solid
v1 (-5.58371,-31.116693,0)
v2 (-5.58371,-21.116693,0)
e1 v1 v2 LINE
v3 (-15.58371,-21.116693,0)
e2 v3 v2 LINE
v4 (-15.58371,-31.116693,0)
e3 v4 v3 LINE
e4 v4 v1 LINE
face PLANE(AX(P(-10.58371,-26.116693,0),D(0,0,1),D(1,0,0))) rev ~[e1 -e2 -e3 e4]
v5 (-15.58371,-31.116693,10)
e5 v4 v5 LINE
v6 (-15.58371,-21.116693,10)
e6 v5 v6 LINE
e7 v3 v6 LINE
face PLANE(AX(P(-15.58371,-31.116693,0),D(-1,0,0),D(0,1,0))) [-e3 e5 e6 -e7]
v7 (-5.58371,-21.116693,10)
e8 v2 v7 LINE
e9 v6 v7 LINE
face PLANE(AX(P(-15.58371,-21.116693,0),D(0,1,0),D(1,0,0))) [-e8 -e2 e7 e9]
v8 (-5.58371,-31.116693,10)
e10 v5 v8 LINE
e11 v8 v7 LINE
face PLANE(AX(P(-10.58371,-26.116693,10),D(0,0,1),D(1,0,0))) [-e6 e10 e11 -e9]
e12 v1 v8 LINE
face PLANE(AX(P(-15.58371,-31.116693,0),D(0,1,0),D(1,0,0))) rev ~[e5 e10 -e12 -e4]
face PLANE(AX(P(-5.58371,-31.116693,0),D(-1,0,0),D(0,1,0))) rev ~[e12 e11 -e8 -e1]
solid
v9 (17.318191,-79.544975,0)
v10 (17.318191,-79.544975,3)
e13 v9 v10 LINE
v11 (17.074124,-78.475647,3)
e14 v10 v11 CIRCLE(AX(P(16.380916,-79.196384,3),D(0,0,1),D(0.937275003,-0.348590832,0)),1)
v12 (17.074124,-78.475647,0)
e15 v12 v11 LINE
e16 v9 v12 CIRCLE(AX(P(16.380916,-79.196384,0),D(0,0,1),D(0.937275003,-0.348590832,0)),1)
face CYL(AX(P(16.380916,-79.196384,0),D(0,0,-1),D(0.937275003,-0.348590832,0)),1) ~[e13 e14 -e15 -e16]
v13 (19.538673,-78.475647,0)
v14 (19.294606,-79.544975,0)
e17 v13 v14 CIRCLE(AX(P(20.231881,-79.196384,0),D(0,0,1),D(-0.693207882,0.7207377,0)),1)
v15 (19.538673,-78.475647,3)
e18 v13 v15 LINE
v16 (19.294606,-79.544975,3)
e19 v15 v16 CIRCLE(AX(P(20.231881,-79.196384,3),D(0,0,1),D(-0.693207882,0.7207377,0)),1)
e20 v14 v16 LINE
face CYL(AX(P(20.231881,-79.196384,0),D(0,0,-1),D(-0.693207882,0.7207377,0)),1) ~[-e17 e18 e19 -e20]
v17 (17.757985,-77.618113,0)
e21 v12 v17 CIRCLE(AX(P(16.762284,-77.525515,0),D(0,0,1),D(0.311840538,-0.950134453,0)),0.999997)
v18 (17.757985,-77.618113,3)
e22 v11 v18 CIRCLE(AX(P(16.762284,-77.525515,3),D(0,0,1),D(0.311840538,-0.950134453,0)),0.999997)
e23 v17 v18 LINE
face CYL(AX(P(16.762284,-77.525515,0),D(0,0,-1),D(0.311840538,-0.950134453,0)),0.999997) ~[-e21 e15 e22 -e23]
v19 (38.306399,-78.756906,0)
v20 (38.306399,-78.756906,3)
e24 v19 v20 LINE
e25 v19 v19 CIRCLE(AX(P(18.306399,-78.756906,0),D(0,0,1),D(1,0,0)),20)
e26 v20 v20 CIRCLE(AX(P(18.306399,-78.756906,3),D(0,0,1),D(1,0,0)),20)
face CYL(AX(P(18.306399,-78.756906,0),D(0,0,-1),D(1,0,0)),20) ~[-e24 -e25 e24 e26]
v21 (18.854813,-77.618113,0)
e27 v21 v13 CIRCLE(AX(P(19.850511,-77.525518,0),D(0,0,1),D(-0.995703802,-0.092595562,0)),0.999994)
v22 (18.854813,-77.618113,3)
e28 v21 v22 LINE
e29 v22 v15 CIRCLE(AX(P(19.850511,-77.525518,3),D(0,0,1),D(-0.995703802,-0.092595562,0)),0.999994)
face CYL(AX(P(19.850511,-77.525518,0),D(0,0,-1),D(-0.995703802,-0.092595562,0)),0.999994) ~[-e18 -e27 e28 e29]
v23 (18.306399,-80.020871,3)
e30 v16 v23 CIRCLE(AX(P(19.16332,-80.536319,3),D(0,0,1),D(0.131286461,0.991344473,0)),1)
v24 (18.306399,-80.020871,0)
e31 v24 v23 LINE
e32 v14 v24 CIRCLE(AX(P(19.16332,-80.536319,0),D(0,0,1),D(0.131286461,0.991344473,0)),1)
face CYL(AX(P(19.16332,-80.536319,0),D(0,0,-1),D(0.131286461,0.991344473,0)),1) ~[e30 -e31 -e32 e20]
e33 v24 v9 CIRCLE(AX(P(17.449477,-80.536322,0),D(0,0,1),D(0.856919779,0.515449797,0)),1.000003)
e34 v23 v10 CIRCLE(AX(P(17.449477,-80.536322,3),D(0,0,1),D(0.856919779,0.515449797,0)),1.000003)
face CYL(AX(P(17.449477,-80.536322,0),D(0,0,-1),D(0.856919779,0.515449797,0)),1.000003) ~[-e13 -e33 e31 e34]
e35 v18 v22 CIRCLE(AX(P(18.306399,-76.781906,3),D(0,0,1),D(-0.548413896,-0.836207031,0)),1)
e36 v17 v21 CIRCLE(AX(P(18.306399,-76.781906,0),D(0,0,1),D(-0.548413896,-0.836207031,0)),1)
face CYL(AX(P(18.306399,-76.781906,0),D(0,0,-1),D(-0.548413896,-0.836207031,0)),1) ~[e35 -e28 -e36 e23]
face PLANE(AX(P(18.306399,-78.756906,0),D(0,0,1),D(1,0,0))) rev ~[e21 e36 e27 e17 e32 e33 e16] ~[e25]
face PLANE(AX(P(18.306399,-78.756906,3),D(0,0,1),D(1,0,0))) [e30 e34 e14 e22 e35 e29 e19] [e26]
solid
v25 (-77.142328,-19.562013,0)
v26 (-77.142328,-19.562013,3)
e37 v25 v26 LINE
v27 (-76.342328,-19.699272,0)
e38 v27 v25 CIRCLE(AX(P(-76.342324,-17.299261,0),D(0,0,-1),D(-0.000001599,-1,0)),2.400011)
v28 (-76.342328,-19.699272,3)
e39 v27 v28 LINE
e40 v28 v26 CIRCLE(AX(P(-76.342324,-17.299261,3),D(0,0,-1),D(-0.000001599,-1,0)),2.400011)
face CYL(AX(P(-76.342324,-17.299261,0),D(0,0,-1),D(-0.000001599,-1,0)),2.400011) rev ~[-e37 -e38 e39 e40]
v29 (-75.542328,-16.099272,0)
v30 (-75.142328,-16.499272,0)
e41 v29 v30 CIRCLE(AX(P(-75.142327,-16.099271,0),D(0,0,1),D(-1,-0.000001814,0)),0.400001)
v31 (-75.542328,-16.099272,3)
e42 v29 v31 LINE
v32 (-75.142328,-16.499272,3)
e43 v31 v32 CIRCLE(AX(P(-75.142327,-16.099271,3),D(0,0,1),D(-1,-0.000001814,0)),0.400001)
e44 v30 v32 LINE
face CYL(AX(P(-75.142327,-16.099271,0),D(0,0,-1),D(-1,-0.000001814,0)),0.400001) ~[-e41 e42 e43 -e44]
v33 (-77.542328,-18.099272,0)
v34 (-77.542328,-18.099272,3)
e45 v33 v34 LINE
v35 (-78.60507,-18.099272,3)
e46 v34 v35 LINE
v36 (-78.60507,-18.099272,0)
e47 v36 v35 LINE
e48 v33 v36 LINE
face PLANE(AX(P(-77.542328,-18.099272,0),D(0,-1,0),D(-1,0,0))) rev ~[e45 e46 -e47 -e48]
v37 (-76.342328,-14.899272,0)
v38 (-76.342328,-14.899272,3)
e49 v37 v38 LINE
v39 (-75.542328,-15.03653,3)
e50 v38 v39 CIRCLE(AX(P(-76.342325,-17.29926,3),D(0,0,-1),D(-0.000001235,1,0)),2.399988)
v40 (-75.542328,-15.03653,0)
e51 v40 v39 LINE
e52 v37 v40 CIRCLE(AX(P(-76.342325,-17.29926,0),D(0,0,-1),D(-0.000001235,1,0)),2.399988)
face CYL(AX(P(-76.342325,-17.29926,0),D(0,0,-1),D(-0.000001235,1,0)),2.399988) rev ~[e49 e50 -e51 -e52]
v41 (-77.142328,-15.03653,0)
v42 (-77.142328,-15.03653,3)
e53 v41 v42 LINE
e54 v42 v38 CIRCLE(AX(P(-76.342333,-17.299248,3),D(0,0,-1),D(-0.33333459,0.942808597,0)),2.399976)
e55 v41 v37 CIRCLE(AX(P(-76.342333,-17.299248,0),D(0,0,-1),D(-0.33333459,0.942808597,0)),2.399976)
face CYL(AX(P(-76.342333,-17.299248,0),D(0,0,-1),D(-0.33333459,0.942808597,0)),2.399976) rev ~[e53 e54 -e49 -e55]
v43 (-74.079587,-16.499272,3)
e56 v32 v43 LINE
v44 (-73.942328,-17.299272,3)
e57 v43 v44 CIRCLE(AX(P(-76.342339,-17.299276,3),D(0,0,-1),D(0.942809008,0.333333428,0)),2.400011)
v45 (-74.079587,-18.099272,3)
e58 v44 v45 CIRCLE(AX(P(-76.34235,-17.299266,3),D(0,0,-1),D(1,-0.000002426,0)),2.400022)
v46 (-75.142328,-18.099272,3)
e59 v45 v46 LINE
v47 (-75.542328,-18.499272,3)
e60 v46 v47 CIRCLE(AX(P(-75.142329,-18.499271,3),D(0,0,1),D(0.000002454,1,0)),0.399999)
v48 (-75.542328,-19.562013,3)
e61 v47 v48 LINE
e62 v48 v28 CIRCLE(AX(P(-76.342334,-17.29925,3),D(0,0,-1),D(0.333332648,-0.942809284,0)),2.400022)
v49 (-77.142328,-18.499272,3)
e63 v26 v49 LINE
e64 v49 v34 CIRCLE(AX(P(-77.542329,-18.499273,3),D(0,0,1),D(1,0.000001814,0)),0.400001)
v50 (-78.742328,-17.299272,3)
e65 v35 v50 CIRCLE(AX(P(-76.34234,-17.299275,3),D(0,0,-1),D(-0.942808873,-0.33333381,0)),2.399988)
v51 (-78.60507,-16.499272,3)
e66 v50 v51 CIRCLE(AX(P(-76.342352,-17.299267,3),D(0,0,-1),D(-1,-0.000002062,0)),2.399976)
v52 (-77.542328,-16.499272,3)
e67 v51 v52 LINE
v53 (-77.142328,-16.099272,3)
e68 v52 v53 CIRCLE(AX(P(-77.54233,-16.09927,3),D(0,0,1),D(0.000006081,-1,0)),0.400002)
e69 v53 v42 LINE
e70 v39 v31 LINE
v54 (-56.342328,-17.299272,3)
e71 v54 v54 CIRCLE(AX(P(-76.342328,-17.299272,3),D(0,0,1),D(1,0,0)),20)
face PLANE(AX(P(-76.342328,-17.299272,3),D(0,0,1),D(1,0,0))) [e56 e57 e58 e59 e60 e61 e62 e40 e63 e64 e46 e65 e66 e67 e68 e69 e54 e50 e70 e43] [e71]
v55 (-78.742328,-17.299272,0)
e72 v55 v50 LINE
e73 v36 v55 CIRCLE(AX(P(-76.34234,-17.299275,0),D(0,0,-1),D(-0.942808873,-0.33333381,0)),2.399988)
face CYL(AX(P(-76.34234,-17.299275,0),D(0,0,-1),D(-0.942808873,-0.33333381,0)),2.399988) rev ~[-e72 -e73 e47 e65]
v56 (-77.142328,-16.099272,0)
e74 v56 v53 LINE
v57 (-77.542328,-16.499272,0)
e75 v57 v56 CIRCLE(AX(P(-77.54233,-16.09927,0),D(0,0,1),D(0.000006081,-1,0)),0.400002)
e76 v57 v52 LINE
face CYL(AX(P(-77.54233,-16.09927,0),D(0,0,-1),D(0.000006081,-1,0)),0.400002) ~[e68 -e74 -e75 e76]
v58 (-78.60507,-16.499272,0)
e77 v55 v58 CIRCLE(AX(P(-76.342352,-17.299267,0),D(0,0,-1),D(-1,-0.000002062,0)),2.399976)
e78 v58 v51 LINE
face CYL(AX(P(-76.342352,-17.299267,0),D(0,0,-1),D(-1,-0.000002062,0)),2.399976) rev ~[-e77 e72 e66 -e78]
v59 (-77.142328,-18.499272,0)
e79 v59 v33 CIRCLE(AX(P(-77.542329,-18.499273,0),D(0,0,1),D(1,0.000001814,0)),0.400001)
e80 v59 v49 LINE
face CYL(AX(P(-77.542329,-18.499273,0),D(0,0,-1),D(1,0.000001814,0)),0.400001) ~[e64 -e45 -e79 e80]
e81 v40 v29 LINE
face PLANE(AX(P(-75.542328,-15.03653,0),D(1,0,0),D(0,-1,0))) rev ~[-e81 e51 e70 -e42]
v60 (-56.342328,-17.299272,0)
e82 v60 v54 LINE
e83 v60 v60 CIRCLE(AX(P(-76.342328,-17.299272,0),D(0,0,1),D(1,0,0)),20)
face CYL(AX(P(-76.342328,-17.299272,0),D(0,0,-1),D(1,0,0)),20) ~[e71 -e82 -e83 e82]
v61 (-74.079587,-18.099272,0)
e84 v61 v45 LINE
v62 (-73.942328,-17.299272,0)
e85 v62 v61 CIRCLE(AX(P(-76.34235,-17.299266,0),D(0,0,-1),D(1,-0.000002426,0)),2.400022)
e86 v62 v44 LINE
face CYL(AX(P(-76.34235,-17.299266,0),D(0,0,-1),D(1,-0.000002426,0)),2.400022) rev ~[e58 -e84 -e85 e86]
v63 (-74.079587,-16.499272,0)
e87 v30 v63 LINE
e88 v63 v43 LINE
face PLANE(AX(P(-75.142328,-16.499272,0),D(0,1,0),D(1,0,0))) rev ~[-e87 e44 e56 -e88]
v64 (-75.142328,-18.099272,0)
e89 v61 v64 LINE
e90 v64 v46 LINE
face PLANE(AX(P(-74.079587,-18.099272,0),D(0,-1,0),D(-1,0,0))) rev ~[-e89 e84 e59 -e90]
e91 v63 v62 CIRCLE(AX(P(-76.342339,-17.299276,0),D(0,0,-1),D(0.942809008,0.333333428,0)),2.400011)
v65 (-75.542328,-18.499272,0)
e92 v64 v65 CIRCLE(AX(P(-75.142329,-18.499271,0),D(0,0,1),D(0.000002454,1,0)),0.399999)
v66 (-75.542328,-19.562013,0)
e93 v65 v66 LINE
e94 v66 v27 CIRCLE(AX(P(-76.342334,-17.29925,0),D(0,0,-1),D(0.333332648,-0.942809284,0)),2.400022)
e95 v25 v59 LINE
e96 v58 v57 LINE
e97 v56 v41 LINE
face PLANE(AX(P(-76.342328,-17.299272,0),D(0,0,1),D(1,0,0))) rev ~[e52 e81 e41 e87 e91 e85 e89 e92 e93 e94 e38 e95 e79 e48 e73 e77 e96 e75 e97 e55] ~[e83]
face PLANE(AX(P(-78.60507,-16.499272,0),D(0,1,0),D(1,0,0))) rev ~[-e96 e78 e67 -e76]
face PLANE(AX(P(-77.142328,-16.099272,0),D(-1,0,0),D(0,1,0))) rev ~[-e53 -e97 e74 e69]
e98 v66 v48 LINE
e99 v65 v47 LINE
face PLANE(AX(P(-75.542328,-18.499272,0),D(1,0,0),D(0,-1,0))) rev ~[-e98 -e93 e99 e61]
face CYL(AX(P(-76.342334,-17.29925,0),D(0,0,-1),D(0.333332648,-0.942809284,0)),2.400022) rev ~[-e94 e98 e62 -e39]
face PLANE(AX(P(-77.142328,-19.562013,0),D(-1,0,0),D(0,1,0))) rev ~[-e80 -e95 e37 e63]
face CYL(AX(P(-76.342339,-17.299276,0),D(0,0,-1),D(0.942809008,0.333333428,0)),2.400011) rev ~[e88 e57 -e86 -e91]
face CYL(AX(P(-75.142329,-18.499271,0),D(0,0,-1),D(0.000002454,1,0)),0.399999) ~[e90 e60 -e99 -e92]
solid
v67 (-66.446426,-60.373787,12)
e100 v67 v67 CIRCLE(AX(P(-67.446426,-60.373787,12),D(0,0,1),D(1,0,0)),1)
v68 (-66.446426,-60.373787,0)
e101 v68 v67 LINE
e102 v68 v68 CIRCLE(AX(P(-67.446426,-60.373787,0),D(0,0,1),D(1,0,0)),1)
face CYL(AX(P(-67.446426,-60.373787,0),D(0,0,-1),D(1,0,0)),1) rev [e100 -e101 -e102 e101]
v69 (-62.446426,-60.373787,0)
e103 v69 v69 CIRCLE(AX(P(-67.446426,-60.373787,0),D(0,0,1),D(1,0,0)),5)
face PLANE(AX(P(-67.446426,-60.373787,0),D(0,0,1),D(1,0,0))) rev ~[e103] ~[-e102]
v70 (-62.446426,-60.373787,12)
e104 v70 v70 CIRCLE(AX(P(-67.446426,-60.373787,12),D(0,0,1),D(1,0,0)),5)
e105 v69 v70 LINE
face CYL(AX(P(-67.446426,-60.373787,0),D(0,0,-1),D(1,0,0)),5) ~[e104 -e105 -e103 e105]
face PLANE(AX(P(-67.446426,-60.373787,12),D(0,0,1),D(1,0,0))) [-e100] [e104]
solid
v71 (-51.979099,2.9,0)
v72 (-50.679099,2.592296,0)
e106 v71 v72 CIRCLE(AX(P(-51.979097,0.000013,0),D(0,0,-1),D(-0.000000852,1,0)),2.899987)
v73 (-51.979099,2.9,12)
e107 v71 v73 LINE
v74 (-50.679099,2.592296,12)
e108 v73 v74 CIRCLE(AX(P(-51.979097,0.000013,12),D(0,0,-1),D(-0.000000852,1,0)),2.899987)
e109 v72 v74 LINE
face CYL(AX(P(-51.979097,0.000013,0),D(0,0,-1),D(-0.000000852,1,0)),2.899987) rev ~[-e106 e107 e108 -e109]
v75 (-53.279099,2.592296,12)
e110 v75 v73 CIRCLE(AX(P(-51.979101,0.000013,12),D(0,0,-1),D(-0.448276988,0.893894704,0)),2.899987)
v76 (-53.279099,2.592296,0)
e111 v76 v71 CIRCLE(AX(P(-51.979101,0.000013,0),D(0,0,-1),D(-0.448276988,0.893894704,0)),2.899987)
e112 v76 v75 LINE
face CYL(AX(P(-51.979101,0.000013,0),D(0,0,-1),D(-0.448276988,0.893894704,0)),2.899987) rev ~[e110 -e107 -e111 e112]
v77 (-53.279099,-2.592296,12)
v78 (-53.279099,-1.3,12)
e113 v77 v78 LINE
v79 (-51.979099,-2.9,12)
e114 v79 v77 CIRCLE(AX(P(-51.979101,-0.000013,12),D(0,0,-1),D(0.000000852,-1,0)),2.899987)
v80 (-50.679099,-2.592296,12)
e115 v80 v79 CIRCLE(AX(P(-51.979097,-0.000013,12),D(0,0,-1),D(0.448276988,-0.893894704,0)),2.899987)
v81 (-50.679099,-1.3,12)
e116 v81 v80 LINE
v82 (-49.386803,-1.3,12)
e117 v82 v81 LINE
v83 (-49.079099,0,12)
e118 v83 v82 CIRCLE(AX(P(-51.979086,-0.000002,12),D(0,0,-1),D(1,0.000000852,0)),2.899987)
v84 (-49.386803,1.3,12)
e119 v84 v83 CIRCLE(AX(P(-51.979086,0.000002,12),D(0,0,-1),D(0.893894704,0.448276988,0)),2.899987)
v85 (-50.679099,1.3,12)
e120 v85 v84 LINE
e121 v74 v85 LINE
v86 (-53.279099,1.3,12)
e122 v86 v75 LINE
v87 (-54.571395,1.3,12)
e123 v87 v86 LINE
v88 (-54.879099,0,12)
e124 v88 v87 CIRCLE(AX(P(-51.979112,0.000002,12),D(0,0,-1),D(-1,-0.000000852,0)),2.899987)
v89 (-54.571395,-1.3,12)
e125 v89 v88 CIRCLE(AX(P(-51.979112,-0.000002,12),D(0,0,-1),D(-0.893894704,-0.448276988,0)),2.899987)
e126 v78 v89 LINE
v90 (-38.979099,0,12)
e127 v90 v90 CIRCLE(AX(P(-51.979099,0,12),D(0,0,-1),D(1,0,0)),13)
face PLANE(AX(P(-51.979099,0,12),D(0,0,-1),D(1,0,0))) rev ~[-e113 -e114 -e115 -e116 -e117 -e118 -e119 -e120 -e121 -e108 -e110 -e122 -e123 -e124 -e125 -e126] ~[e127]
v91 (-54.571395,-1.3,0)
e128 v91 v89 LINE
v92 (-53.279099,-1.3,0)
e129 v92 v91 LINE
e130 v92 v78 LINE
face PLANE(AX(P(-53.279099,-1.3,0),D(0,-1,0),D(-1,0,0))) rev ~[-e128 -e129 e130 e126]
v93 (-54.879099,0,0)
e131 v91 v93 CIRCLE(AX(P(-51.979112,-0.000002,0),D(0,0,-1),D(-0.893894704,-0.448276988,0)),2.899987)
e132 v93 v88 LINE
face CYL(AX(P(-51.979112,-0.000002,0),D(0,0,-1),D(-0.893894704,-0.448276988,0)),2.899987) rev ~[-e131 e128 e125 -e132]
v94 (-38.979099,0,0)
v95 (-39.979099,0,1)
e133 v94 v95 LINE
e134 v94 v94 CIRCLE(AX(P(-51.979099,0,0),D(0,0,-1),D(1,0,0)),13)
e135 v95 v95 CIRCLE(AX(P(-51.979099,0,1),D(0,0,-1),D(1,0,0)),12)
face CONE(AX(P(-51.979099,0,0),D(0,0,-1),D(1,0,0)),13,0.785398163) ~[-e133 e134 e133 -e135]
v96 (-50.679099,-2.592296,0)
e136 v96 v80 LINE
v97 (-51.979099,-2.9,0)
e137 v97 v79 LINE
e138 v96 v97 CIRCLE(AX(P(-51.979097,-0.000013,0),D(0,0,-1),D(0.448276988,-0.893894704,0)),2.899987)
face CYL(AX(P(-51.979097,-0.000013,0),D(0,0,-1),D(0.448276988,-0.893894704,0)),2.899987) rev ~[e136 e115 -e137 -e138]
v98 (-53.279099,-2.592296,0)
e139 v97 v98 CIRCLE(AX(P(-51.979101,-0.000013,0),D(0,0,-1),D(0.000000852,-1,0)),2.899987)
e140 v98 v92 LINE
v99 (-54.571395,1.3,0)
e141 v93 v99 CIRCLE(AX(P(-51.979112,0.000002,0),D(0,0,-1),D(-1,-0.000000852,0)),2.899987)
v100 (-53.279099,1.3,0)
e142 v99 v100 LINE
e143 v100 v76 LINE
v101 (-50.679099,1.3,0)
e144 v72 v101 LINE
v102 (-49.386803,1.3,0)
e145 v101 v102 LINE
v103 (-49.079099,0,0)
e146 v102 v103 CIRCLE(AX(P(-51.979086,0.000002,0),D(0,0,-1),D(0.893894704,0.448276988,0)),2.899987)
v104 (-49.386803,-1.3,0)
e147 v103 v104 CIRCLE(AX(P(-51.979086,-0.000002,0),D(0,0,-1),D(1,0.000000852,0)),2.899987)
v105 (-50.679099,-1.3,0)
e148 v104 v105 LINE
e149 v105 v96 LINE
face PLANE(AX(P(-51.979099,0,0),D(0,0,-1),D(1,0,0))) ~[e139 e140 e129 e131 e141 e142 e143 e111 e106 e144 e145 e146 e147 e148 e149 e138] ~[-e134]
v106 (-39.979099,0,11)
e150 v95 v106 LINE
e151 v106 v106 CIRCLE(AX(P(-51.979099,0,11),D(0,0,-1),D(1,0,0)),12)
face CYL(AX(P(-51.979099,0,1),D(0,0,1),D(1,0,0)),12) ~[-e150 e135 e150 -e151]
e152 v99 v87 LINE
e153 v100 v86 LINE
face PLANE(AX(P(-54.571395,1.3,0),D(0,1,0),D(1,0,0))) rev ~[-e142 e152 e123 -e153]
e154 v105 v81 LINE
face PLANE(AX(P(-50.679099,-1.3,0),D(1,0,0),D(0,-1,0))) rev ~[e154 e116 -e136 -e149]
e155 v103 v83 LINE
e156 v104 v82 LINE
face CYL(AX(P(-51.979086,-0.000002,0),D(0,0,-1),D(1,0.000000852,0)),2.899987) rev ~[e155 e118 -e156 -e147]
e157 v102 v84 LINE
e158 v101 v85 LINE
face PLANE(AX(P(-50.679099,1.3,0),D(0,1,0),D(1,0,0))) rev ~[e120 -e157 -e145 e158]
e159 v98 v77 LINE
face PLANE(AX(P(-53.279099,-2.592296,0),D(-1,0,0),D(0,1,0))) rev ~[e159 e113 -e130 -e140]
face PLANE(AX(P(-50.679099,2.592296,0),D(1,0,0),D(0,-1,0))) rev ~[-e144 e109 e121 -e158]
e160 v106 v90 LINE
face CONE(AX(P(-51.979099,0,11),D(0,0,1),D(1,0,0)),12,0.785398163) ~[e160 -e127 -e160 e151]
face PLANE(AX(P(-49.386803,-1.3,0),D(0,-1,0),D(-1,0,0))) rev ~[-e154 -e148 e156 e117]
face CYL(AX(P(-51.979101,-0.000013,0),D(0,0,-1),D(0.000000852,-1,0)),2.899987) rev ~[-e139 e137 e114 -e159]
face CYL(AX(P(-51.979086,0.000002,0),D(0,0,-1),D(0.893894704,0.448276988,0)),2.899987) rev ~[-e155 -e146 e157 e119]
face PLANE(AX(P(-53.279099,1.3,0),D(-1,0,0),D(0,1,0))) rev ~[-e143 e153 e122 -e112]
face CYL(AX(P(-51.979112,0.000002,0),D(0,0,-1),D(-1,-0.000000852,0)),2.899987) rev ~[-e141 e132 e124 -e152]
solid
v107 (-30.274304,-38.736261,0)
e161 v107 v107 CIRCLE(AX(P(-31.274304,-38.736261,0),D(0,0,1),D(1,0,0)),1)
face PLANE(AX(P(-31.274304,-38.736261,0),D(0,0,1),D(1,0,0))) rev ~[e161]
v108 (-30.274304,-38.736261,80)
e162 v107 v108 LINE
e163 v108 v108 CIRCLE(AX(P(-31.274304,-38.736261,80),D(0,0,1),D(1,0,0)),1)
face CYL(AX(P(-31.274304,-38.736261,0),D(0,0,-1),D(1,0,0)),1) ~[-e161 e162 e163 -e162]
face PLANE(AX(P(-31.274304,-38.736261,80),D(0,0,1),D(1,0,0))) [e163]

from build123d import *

# Parameters (mm, degrees)
F0_R      = 20
F1_DEPTH  = 3
F2_R      = 1
F3_DEPTH  = 80
F4_W      = 186.607055
F4_H      = 291.874319
F5_DEPTH  = 308
F6_T      = -2.5
F7_R      = 5
F7_R_2    = 1
F8_DEPTH  = 12
F13_DEPTH = 80.001
F14_R     = 20
F15_DEPTH = 3
F16_W     = 10
F16_H     = 10
F17_DEPTH = 10


with BuildPart() as f1:
    # F0 (on Top) → F1 (new body)
    with BuildSketch(Plane.XY):
        with Locations((18.306399, -78.756906)):
            Circle(F0_R)
        with BuildLine():
            ThreePointArc((17.074124, -78.475647), (17.544113, -78.149004), (17.757985, -77.618113))
            ThreePointArc((17.757985, -77.618113), (18.306399, -77.781906), (18.854813, -77.618113))
            ThreePointArc((18.854813, -77.618113), (19.068684, -78.149004), (19.538673, -78.475647))
            ThreePointArc((19.538673, -78.475647), (19.256953, -78.973864), (19.294606, -79.544975))
            ThreePointArc((19.294606, -79.544975), (18.729435, -79.635351), (18.306399, -80.020871))
            ThreePointArc((18.306399, -80.020871), (17.883362, -79.635351), (17.318191, -79.544975))
            ThreePointArc((17.318191, -79.544975), (17.355844, -78.973864), (17.074124, -78.475647))
        make_face(mode=Mode.SUBTRACT)
    extrude(amount=F1_DEPTH)


with BuildPart() as f3:
    # F2 (on Top) → F3 (new body)
    with BuildSketch(Plane.XY):
        with Locations((-31.274304, -38.736261)):
            Circle(F2_R)
    extrude(amount=F3_DEPTH)


with BuildPart() as f5:
    # F4 (on Top) → F5 (new body)
    with BuildSketch(Plane.XY):
        with Locations((207.804951, 1.009569)):
            Rectangle(F4_W, F4_H)
    extrude(amount=F5_DEPTH)

    # F6
    f6_openings = [f5.faces().sort_by_distance(p)[0] for p in [
        (207.804952, 1.009569, 308),
        (207.804952, 1.009569, 0),
    ]]
    offset(amount=F6_T, openings=f6_openings)


with BuildPart() as f8:
    # F7 (on Top) → F8 (new body)
    with BuildSketch(Plane.XY):
        with Locations((-67.446426, -60.373787)):
            Circle(F7_R)
        with Locations((-67.446426, -60.373787)):
            Circle(F7_R_2, mode=Mode.SUBTRACT)
    extrude(amount=F8_DEPTH)


with BuildPart() as f11:
    # F10 (on Front) → F11 (revolve)
    with BuildSketch(Plane.XZ):
        Polygon((-38.979099, 0), (-39.979099, 1), (-39.979099, 11), (-38.979099, 12), (-50.979099, 12), (-50.979099, 0), align=None)
    revolve(axis=Axis((-51.979099, 0, 6), (0, 0, -1)))

    # F12 (on face) → F13 (cut, through all)
    with BuildSketch(Plane(origin=(0, 0, 0), x_dir=(1, 0, 0), z_dir=(0, 0, -1))):
        with BuildLine():
            Line((-50.679099, 1.3), (-50.679099, 2.592296))
            ThreePointArc((-50.679099, 2.592296), (-51.311139, 2.822026), (-51.979099, 2.9))
            ThreePointArc((-51.979099, 2.9), (-52.647059, 2.822026), (-53.279099, 2.592296))
            Line((-53.279099, 2.592296), (-53.279099, 1.3))
            Line((-53.279099, 1.3), (-54.571395, 1.3))
            ThreePointArc((-54.571395, 1.3), (-54.801125, 0.66796), (-54.879099, 0))
            ThreePointArc((-54.879099, 0), (-54.801125, -0.66796), (-54.571395, -1.3))
            Line((-54.571395, -1.3), (-53.279099, -1.3))
            Line((-53.279099, -1.3), (-53.279099, -2.592296))
            ThreePointArc((-53.279099, -2.592296), (-52.647059, -2.822026), (-51.979099, -2.9))
            ThreePointArc((-51.979099, -2.9), (-51.311139, -2.822026), (-50.679099, -2.592296))
            Line((-50.679099, -2.592296), (-50.679099, -1.3))
            Line((-50.679099, -1.3), (-49.386803, -1.3))
            ThreePointArc((-49.386803, -1.3), (-49.157073, -0.66796), (-49.079099, 0))
            ThreePointArc((-49.079099, 0), (-49.157073, 0.66796), (-49.386803, 1.3))
            Line((-49.386803, 1.3), (-50.679099, 1.3))
        make_face()
    extrude(amount=-F13_DEPTH, mode=Mode.SUBTRACT)


with BuildPart() as f15:
    # F14 (on Top) → F15 (new body)
    with BuildSketch(Plane.XY):
        with Locations((-76.342328, -17.299272)):
            Circle(F14_R)
        with BuildLine():
            ThreePointArc((-78.742328, -17.299272), (-78.707765, -16.893427), (-78.60507, -16.499272))
            Line((-78.60507, -16.499272), (-77.542328, -16.499272))
            ThreePointArc((-77.542328, -16.499272), (-77.259486, -16.382114), (-77.142328, -16.099272))
            Line((-77.142328, -16.099272), (-77.142328, -15.03653))
            ThreePointArc((-77.142328, -15.03653), (-76.748173, -14.933835), (-76.342328, -14.899272))
            ThreePointArc((-76.342328, -14.899272), (-75.936484, -14.933835), (-75.542328, -15.03653))
            Line((-75.542328, -15.03653), (-75.542328, -16.099272))
            ThreePointArc((-75.542328, -16.099272), (-75.425171, -16.382114), (-75.142328, -16.499272))
            Line((-75.142328, -16.499272), (-74.079587, -16.499272))
            ThreePointArc((-74.079587, -16.499272), (-73.976892, -16.893427), (-73.942328, -17.299272))
            ThreePointArc((-73.942328, -17.299272), (-73.976892, -17.705116), (-74.079587, -18.099272))
            Line((-74.079587, -18.099272), (-75.142328, -18.099272))
            ThreePointArc((-75.142328, -18.099272), (-75.425171, -18.216429), (-75.542328, -18.499272))
            Line((-75.542328, -18.499272), (-75.542328, -19.562013))
            ThreePointArc((-75.542328, -19.562013), (-75.936484, -19.664708), (-76.342328, -19.699272))
            ThreePointArc((-76.342328, -19.699272), (-76.748173, -19.664708), (-77.142328, -19.562013))
            Line((-77.142328, -19.562013), (-77.142328, -18.499272))
            ThreePointArc((-77.142328, -18.499272), (-77.259486, -18.216429), (-77.542328, -18.099272))
            Line((-77.542328, -18.099272), (-78.60507, -18.099272))
            ThreePointArc((-78.60507, -18.099272), (-78.707765, -17.705116), (-78.742328, -17.299272))
        make_face(mode=Mode.SUBTRACT)
    extrude(amount=F15_DEPTH)


with BuildPart() as f17:
    # F16 (on Top) → F17 (new body)
    with BuildSketch(Plane.XY):
        with Locations((-10.58371, -26.116693)):
            Rectangle(F16_W, F16_H)
    extrude(amount=F17_DEPTH)


solid = Compound([f1.part, f3.part, f8.part, f11.part, f15.part, f17.part])
